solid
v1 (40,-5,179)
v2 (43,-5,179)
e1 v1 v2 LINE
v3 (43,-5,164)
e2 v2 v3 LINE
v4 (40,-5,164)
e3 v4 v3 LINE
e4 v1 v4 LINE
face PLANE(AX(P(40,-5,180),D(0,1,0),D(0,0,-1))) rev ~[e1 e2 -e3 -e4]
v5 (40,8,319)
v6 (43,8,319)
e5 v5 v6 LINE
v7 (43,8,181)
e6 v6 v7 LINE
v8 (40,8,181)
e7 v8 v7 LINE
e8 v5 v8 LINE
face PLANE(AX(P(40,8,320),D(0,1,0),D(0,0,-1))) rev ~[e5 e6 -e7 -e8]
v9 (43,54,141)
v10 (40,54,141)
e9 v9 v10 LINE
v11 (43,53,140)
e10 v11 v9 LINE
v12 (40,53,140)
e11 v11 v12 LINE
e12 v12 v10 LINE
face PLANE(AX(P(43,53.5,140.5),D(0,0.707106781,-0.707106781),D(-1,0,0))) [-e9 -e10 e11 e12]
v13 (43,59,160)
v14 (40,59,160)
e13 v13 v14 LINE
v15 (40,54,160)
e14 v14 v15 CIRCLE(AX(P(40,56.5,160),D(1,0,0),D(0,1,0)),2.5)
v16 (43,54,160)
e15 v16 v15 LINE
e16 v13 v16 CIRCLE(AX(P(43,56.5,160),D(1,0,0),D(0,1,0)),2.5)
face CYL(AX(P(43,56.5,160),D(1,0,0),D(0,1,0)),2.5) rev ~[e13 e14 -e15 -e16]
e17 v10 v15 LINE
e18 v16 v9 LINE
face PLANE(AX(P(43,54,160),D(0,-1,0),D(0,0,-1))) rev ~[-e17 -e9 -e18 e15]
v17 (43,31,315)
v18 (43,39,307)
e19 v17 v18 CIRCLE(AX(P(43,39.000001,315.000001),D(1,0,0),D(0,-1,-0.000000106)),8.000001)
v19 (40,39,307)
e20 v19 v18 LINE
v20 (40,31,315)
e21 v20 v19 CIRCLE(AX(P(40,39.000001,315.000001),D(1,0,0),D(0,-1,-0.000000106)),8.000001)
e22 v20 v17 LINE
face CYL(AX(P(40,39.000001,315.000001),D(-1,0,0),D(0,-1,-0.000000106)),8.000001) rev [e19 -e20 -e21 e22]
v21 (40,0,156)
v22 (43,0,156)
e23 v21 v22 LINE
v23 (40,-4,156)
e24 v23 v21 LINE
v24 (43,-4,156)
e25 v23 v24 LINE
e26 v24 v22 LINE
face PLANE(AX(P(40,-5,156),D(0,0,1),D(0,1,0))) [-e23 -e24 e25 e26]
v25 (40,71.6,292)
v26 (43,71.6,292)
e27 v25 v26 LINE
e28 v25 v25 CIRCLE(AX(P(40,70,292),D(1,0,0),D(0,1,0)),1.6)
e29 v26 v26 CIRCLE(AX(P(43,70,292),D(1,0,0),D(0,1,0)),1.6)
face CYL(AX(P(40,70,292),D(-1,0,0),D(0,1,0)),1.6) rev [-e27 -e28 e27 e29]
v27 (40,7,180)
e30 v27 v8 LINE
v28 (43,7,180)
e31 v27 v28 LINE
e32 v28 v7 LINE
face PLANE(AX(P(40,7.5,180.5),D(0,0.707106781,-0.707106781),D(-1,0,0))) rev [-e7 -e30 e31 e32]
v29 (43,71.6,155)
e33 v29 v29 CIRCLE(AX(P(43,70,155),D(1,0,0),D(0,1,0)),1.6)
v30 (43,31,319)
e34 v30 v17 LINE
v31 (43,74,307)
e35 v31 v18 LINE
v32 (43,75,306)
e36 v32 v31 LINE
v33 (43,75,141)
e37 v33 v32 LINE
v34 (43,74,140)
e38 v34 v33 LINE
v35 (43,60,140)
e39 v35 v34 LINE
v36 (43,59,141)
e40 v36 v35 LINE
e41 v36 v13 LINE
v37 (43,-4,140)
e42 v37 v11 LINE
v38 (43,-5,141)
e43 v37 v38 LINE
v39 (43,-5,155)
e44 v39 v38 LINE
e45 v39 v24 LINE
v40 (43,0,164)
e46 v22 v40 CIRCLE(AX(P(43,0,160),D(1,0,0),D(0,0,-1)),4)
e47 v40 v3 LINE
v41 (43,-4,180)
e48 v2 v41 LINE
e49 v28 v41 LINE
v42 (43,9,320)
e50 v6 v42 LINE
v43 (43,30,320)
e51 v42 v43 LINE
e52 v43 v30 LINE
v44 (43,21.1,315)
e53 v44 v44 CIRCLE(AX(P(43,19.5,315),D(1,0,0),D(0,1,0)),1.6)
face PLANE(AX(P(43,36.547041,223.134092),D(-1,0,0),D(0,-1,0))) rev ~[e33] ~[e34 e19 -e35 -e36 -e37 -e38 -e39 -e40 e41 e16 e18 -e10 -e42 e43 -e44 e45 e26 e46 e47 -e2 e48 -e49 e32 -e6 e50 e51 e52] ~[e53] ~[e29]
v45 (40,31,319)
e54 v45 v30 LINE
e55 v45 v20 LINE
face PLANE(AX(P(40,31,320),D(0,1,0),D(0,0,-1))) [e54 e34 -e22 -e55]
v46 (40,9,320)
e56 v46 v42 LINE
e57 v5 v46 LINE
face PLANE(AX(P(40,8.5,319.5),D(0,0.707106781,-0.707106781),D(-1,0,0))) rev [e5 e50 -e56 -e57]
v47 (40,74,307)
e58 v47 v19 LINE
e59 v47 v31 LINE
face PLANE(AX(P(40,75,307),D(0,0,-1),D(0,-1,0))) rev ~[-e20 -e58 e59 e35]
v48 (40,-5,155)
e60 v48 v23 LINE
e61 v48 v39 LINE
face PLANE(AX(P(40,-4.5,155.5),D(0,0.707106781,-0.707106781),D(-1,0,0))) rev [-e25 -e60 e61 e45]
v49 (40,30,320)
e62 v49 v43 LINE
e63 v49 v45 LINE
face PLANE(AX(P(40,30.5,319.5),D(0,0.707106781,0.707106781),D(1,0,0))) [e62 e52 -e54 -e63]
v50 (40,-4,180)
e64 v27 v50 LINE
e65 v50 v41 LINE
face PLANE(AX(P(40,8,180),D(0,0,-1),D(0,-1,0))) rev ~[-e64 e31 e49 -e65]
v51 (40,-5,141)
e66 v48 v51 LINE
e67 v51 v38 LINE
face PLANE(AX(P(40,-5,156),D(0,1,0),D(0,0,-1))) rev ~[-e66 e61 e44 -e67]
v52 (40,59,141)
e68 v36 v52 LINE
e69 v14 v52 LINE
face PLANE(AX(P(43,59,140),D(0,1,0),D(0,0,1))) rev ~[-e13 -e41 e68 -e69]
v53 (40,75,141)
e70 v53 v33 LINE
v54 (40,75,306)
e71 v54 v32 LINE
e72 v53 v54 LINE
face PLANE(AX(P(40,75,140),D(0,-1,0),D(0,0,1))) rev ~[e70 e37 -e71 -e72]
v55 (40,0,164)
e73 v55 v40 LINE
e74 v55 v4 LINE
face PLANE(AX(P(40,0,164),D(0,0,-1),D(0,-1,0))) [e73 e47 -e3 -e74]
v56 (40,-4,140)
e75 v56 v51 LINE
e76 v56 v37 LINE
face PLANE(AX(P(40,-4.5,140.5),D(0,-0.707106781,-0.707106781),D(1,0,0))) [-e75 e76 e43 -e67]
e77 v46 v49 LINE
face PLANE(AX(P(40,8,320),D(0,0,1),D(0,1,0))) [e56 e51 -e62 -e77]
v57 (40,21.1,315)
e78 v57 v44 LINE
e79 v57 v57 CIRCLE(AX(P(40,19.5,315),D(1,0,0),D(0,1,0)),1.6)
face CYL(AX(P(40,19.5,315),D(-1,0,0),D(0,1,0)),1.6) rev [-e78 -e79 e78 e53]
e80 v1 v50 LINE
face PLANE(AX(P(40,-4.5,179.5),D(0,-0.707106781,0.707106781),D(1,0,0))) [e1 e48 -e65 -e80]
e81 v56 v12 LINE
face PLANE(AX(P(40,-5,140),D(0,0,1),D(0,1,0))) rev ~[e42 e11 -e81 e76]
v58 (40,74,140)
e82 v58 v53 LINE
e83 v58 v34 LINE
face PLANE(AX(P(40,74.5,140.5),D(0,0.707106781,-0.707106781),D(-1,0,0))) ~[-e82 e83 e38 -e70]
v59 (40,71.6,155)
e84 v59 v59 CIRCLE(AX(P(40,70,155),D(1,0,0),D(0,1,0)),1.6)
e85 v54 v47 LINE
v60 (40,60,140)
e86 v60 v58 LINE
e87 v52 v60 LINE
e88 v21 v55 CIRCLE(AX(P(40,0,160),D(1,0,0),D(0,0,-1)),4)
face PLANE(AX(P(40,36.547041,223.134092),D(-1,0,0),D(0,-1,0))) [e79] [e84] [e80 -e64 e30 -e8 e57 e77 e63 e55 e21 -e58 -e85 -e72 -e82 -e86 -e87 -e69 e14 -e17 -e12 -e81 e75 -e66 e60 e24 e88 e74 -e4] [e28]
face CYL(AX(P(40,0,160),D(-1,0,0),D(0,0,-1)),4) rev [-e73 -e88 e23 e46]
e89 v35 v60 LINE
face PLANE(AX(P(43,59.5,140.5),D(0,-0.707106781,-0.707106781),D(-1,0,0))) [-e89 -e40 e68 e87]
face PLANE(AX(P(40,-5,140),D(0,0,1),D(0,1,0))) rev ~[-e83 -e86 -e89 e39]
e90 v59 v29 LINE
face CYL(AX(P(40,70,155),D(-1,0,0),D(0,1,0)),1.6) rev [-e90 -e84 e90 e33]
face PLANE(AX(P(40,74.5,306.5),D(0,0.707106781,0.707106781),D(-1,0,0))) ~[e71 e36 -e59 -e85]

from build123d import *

# Parameters (mm, degrees)
SKETCH_R        = 1.6
PAD_DEPTH       = 3
POCKET014_DEPTH = 3.001
CHAMFER059_SIZE = 1
CHAMFER_SIZE    = 1


with BuildPart() as part:
    # Sketch → Pad (new body)
    with BuildSketch(Plane.YZ.offset(40)):
        with BuildLine():
            Line((8, 320), (31, 320))
            Line((31, 320), (31, 315))
            ThreePointArc((31, 315), (33.343146, 309.343146), (39, 307))
            Line((75, 307), (39, 307))
            Line((75, 140), (75, 307))
            Line((-5, 140), (75, 140))
            Line((-5, 156), (-5, 140))
            Line((-5, 156), (0, 156))
            ThreePointArc((0, 156), (4, 160), (0, 164))
            Line((0, 164), (-5, 164))
            Line((-5, 180), (-5, 164))
            Line((8, 180), (-5, 180))
            Line((8, 320), (8, 180))
        make_face()
        with Locations((19.5, 315)):
            Circle(SKETCH_R, mode=Mode.SUBTRACT)
        with Locations((70, 292)):
            Circle(SKETCH_R, mode=Mode.SUBTRACT)
        with Locations((70, 155)):
            Circle(SKETCH_R, mode=Mode.SUBTRACT)
    extrude(amount=PAD_DEPTH)

    # Sketch158 (on Face18 of Pad) → Pocket014 (cut, through all)
    with BuildSketch(Plane.YZ.offset(43)):
        with BuildLine():
            ThreePointArc((54, 140), (56.5, 137.5), (59, 140))
            Line((59, 140), (59, 160))
            ThreePointArc((59, 160), (56.5, 162.5), (54, 160))
            Line((54, 160), (54, 140))
        make_face()
    extrude(amount=-POCKET014_DEPTH, mode=Mode.SUBTRACT)

    # Chamfer059
    chamfer059_edges = [part.edges().sort_by_distance(p)[0] for p in [
        (41.5, 54, 140),
        (41.5, 59, 140),
    ]]
    chamfer(chamfer059_edges, length=CHAMFER059_SIZE)

    # Chamfer
    chamfer_edges = [part.edges().sort_by_distance(p)[0] for p in [
        (41.5, -5, 180),
        (41.5, 8, 180),
        (41.5, -5, 140),
        (41.5, -5, 156),
        (41.5, 75, 140),
        (41.5, 75, 307),
        (41.5, 31, 320),
        (41.5, 8, 320),
    ]]
    chamfer(chamfer_edges, length=CHAMFER_SIZE)


solid = part.part
